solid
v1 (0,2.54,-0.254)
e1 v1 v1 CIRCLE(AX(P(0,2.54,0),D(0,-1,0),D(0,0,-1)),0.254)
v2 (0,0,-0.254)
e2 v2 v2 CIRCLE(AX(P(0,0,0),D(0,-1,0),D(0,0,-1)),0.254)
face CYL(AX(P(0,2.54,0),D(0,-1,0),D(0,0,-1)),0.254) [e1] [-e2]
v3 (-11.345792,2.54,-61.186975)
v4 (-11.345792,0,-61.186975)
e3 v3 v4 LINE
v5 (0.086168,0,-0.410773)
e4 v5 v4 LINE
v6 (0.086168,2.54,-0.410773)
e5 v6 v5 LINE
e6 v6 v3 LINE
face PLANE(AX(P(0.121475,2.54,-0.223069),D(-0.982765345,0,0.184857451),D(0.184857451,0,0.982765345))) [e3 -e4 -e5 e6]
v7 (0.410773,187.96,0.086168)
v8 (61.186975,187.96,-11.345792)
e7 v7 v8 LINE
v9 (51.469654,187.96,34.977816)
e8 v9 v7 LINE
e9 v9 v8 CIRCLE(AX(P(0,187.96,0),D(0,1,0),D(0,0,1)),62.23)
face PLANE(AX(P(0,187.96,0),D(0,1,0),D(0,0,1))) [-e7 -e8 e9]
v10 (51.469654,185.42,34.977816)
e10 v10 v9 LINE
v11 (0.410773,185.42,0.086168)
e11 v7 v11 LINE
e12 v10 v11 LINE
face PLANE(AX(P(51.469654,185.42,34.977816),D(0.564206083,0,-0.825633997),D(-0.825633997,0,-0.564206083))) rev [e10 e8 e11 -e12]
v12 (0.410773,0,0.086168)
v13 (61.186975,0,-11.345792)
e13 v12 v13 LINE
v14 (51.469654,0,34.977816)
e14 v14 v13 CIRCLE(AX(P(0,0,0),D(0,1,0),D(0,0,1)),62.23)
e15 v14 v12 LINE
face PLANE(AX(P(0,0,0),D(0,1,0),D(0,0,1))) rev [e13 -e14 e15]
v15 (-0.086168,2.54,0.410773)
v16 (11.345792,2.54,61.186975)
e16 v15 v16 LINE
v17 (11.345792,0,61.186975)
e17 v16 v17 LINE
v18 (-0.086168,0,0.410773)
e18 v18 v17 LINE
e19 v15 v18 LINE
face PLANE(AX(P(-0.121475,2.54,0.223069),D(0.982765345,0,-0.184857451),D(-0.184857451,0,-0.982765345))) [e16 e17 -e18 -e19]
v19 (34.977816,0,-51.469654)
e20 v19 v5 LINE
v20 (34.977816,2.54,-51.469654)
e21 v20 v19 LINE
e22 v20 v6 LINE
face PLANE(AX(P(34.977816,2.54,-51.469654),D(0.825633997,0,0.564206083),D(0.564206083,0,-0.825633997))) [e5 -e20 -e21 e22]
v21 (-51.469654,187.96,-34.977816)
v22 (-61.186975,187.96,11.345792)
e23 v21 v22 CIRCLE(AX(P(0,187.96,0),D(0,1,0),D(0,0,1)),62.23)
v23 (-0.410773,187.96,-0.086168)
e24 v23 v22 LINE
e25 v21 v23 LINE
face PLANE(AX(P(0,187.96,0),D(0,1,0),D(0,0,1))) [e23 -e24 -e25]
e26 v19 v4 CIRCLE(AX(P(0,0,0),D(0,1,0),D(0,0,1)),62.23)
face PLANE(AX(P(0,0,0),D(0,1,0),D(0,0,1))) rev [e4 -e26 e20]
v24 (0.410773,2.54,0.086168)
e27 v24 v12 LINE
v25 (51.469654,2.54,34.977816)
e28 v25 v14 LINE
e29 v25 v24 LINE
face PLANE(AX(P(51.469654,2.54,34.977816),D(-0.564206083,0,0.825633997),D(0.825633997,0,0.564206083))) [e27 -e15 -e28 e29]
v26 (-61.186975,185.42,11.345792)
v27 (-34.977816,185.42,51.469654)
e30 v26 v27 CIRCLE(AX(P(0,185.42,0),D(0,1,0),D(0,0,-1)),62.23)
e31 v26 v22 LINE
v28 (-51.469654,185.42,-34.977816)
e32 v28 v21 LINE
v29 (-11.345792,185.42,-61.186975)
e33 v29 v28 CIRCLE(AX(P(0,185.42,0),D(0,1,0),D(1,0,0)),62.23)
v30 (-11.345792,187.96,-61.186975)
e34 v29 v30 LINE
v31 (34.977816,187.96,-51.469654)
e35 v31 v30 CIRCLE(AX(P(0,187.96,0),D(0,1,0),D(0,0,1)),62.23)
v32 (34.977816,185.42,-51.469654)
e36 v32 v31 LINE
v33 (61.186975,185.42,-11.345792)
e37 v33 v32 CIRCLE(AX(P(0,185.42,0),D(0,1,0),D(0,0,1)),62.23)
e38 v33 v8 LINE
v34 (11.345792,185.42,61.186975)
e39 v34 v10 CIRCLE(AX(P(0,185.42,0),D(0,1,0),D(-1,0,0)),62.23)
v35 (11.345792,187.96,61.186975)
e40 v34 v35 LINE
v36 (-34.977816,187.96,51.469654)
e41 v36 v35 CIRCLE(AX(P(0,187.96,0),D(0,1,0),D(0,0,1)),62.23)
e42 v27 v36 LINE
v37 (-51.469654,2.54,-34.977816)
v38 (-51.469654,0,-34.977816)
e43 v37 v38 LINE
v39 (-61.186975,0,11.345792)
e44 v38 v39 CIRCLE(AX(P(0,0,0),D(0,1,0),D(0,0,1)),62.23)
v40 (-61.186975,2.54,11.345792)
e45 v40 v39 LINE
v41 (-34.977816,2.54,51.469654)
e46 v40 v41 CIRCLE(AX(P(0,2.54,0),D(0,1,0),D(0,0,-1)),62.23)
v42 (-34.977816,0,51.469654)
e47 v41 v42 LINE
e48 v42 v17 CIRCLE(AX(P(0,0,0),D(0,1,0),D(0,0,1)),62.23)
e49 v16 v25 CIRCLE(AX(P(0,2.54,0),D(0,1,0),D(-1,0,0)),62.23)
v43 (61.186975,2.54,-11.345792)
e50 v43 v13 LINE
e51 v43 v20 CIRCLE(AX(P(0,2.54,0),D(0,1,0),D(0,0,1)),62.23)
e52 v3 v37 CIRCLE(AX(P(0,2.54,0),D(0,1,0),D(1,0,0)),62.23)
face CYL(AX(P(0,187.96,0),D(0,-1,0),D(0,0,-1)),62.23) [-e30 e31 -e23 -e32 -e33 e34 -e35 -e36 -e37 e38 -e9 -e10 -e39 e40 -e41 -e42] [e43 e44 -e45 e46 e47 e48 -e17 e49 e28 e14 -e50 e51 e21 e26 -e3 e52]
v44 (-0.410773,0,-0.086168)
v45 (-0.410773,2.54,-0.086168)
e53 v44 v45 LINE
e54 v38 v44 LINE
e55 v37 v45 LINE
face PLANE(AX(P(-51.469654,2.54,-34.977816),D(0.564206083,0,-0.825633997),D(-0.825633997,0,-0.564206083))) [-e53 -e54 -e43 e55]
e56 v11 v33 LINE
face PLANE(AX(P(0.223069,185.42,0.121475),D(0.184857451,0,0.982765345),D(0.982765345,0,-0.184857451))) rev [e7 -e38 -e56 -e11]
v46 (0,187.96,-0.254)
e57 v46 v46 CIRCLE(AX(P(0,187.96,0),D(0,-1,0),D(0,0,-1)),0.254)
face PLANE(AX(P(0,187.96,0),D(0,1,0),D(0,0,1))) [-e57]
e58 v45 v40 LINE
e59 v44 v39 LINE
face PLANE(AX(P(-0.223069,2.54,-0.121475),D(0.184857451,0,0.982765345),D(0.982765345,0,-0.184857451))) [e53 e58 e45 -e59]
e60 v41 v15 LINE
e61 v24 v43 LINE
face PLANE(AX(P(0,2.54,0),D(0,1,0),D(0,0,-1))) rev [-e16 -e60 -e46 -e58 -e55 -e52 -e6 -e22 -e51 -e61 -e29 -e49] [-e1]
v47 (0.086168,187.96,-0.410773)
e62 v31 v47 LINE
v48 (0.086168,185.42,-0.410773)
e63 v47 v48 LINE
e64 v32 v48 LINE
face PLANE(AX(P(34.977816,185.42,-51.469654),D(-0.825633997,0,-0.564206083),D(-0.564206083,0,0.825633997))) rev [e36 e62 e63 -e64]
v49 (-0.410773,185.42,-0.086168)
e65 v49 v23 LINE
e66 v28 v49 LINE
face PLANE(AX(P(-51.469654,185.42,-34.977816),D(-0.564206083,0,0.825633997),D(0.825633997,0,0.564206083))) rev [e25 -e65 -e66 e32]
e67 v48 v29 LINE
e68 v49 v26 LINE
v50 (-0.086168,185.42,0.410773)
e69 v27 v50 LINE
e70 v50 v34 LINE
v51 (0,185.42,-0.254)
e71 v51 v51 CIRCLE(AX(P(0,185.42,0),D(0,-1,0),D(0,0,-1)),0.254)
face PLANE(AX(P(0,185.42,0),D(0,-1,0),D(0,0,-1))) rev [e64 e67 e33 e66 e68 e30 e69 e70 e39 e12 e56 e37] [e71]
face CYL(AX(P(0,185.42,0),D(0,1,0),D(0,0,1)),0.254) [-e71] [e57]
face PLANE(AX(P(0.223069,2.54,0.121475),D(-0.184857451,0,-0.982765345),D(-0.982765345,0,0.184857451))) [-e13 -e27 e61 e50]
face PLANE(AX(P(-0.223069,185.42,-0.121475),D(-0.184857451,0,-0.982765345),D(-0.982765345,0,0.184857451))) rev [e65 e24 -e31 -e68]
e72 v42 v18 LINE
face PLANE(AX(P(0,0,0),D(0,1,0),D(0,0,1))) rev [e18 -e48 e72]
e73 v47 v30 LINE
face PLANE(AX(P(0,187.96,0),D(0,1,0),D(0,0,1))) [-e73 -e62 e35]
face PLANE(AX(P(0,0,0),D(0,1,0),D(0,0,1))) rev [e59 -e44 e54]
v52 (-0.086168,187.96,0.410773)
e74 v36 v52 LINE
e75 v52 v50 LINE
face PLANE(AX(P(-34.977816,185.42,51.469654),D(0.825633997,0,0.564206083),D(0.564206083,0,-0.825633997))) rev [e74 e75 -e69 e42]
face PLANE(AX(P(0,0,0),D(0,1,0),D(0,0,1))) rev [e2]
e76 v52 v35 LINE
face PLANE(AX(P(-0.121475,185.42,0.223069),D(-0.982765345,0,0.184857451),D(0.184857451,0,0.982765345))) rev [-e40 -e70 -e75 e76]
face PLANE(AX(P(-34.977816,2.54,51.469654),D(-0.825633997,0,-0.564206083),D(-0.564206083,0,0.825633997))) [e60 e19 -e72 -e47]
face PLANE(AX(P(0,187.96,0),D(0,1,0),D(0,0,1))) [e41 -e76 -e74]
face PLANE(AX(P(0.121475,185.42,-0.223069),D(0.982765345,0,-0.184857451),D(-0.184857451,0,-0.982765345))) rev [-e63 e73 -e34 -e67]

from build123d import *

# Parameters (mm, degrees)
SKETCH1_R            = 62.23
BOSS_EXTRUDE1_DEPTH  = 187.96
CUT_EXTRUDE7_DEPTH   = 2.54
CIRPATTERN2_COUNT    = 4
MIRROR1_COPY_1_DEPTH = 2.54
MIRROR1_COPY_2_DEPTH = 2.54
MIRROR1_COPY_3_DEPTH = 2.54


with BuildPart() as part:
    # Sketch1 → Boss-Extrude1 (new body)
    with BuildSketch(Plane(origin=(0, 0, 0), x_dir=(1, 0, 0), z_dir=(0, 1, 0))):
        Circle(SKETCH1_R)
    extrude(amount=BOSS_EXTRUDE1_DEPTH)

    # Sketch2 → Cut-Extrude7 (cut)
    with BuildSketch(Plane(origin=(0, 187.96, 0), x_dir=(1, 0, 0), z_dir=(0, 1, 0))):
        with BuildLine():
            Line((-34.977816307, -51.46965384), (0.021593035, -0.253080503))
            ThreePointArc((0.021593035, -0.253080503), (-0.212652586, -0.138906004), (-0.223069042, 0.12147511))
            Line((-0.223069042, 0.12147511), (-61.186975042, -11.345791522))
            ThreePointArc((-61.186975042, -11.345791522), (-52.099883451, -34.031970915), (-34.977816307, -51.46965384))
        make_face()
    cut_extrude7 = extrude(amount=-CUT_EXTRUDE7_DEPTH, mode=Mode.SUBTRACT)

    # CirPattern2: Cut-Extrude7 ×4 about axis
    cirpattern2_axis = Axis((0, 0, 0), (0, 1, 0))
    for i in range(1, CIRPATTERN2_COUNT):
        add(cut_extrude7.rotate(cirpattern2_axis, i * 360 / CIRPATTERN2_COUNT), mode=Mode.SUBTRACT)

    # Mirror1: Cut-Extrude7 across plane
    add(cut_extrude7.mirror(Plane.ZX.offset(93.98)), mode=Mode.SUBTRACT)

    # Mirror1 copy 1 sketch → Mirror1 copy 1 (cut)
    with BuildSketch(Plane(origin=(0, 0, 0), x_dir=(0, 0, -1), z_dir=(0, -1, 0))):
        with BuildLine():
            Line((-34.977816307, 51.46965384), (0.021593035, 0.253080503))
            ThreePointArc((0.021593035, 0.253080503), (-0.212652586, 0.138906004), (-0.223069042, -0.12147511))
            Line((-0.223069042, -0.12147511), (-61.186975042, 11.345791522))
            ThreePointArc((-61.186975042, 11.345791522), (-52.099883451, 34.031970915), (-34.977816307, 51.46965384))
        make_face()
    extrude(amount=-MIRROR1_COPY_1_DEPTH, mode=Mode.SUBTRACT)

    # Mirror1 copy 2 sketch → Mirror1 copy 2 (cut)
    with BuildSketch(Plane(origin=(0, 0, 0), x_dir=(-1, 0, 0), z_dir=(0, -1, 0))):
        with BuildLine():
            Line((-34.977816307, 51.46965384), (0.021593035, 0.253080503))
            ThreePointArc((0.021593035, 0.253080503), (-0.212652586, 0.138906004), (-0.223069042, -0.12147511))
            Line((-0.223069042, -0.12147511), (-61.186975042, 11.345791522))
            ThreePointArc((-61.186975042, 11.345791522), (-52.099883451, 34.031970915), (-34.977816307, 51.46965384))
        make_face()
    extrude(amount=-MIRROR1_COPY_2_DEPTH, mode=Mode.SUBTRACT)

    # Mirror1 copy 3 sketch → Mirror1 copy 3 (cut)
    with BuildSketch(Plane(origin=(0, 0, 0), x_dir=(0, 0, 1), z_dir=(0, -1, 0))):
        with BuildLine():
            Line((-34.977816307, 51.46965384), (0.021593035, 0.253080503))
            ThreePointArc((0.021593035, 0.253080503), (-0.212652586, 0.138906004), (-0.223069042, -0.12147511))
            Line((-0.223069042, -0.12147511), (-61.186975042, 11.345791522))
            ThreePointArc((-61.186975042, 11.345791522), (-52.099883451, 34.031970915), (-34.977816307, 51.46965384))
        make_face()
    extrude(amount=-MIRROR1_COPY_3_DEPTH, mode=Mode.SUBTRACT)


solid = part.part
